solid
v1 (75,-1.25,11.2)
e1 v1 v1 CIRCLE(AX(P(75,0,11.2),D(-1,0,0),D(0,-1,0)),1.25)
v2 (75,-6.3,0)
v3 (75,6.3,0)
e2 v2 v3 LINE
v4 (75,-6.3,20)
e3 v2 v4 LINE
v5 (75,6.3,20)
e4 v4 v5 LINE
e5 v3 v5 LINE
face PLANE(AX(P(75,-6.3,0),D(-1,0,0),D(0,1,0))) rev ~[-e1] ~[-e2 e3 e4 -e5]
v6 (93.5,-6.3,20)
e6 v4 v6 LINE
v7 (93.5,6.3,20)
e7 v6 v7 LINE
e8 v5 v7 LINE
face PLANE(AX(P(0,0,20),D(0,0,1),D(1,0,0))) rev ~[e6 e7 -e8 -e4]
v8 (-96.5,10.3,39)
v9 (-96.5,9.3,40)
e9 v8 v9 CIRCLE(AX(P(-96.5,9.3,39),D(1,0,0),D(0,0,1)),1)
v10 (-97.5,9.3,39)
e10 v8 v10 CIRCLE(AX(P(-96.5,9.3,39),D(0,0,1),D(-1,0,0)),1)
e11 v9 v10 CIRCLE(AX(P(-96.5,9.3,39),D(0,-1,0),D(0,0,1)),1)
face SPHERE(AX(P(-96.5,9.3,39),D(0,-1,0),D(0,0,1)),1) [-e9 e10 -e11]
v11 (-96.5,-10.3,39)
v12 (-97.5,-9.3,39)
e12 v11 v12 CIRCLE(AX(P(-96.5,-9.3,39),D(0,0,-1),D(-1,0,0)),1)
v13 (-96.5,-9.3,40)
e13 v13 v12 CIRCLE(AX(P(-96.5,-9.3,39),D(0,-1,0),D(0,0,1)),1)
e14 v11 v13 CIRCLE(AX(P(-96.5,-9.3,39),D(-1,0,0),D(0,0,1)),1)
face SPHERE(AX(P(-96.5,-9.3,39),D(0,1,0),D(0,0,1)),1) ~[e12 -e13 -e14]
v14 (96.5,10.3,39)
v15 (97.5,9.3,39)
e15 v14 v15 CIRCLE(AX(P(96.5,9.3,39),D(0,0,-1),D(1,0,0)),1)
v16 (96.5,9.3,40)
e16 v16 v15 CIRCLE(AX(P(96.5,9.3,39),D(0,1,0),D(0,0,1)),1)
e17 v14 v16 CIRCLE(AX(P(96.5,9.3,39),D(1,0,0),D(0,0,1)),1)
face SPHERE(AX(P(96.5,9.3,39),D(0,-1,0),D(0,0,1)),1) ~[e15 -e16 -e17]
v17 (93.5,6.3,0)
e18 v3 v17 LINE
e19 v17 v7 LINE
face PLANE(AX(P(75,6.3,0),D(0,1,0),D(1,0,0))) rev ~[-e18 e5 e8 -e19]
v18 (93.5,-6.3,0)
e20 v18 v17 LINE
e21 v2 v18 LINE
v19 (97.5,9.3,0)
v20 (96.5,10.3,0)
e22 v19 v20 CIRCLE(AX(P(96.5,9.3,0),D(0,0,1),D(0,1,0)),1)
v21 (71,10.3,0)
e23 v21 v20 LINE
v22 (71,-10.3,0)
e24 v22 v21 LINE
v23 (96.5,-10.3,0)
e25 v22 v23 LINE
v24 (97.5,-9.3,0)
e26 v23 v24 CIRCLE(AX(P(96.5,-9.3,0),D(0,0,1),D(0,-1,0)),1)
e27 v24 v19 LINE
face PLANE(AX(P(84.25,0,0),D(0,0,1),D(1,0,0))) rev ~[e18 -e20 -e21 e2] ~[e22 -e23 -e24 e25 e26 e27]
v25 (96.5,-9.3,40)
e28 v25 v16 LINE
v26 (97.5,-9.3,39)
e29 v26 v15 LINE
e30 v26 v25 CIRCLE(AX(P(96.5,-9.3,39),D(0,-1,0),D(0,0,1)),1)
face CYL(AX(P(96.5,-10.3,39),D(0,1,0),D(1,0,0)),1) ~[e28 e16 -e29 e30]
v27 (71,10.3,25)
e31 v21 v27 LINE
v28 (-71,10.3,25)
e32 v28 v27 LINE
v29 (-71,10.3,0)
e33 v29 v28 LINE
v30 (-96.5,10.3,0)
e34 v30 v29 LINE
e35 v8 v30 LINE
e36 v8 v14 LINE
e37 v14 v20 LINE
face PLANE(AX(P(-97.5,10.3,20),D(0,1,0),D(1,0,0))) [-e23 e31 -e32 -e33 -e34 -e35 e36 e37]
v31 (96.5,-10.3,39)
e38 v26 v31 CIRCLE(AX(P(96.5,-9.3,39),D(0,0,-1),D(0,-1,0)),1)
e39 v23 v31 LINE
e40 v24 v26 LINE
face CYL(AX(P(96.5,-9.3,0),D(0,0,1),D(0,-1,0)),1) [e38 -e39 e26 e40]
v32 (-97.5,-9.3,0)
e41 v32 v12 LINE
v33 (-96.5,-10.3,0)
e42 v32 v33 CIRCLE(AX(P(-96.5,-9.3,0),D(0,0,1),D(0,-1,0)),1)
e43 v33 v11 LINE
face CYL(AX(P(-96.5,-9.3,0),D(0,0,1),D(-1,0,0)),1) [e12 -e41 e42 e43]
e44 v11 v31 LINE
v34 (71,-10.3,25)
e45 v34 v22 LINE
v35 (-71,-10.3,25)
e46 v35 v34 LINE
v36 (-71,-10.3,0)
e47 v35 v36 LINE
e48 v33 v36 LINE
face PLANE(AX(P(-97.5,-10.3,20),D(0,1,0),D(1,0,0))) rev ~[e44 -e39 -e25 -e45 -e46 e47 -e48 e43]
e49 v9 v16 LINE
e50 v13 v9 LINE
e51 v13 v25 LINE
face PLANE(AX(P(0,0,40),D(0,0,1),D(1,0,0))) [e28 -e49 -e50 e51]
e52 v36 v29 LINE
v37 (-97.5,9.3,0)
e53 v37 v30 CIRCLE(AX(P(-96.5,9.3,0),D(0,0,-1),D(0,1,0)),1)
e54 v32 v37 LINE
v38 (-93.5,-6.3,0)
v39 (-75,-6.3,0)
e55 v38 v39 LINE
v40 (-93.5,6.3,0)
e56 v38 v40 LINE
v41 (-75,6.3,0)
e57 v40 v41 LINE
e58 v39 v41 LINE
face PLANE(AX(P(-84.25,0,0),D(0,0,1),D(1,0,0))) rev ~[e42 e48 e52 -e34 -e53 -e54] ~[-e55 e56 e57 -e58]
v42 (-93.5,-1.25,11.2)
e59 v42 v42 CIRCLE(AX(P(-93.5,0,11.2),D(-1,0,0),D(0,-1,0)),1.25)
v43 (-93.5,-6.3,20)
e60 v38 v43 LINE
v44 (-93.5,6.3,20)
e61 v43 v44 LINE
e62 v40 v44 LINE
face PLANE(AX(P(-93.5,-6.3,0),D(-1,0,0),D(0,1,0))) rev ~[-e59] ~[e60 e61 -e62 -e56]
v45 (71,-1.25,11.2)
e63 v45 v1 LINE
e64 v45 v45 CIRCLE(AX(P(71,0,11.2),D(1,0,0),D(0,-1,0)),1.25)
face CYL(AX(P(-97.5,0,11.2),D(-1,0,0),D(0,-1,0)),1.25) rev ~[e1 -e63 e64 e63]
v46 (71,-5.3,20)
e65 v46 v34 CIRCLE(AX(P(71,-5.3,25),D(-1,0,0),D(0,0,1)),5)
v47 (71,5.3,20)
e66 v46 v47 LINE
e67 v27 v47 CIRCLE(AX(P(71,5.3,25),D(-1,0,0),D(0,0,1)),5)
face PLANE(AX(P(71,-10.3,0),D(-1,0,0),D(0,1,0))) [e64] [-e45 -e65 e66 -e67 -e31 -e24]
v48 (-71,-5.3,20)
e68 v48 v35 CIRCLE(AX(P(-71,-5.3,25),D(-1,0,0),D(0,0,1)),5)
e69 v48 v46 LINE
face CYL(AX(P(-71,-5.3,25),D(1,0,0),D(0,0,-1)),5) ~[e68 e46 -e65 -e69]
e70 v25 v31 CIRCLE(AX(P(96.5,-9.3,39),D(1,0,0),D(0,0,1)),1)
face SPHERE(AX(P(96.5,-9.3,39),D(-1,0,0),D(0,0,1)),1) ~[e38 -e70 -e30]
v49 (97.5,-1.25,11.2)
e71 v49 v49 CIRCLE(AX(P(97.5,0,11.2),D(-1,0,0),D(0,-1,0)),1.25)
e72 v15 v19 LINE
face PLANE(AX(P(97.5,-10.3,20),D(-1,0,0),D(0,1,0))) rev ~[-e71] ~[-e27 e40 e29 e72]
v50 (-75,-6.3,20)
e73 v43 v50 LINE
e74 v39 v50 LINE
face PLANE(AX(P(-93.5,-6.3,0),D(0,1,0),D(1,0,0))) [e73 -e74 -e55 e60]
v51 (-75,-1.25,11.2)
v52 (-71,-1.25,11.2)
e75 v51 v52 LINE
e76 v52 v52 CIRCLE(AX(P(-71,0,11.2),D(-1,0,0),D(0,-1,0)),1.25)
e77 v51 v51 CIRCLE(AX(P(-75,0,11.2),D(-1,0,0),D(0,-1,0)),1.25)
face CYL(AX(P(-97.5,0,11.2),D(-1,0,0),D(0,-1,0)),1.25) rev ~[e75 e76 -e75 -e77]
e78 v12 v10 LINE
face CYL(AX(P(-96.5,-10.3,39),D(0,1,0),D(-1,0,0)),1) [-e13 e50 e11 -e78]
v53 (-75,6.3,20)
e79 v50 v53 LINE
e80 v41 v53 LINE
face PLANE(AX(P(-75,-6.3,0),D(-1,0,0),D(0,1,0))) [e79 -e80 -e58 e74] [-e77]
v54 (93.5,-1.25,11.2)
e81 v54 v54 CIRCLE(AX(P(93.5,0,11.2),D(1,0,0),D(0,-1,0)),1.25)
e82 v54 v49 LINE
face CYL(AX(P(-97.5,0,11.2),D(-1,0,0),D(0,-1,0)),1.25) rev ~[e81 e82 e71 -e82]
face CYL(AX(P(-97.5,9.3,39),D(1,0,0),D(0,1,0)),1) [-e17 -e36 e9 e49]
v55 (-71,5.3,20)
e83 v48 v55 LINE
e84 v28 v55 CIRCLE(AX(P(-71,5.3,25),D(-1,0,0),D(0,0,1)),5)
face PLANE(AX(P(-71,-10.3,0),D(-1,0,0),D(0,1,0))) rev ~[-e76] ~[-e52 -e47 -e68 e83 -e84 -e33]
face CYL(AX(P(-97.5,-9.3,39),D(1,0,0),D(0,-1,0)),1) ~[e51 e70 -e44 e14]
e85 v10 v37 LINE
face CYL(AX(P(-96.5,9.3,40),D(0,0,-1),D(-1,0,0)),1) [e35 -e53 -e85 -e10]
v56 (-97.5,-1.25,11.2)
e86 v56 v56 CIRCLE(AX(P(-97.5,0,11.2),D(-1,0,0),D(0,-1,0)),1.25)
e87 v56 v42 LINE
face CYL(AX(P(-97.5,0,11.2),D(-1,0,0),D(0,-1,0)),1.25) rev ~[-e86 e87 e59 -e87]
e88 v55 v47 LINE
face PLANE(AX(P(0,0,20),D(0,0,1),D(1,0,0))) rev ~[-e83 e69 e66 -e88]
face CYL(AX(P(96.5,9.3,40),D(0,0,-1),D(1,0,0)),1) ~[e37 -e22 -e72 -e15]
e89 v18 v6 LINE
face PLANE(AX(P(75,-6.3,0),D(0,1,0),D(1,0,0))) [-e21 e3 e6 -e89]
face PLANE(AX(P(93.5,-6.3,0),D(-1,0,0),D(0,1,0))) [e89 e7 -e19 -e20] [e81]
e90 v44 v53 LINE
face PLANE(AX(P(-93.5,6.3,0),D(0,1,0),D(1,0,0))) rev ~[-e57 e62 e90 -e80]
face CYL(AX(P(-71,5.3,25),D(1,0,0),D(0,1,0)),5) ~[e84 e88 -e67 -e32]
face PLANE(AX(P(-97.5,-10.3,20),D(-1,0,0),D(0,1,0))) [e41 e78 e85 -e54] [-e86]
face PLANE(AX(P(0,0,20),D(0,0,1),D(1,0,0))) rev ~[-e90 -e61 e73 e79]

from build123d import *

# Parameters (mm, degrees)
F0_W     = 26.5
F0_H     = 20.6
F0_W_2   = 18.5
F0_H_2   = 12.6
F1_DEPTH = 20
F2_W     = 195
F2_H     = 20.6
F3_DEPTH = 20
F4_R     = 1
F5_R     = 1.25
F6_DEPTH = 2000
F7_R     = 1.25
F8_DEPTH = 100
F9_R     = 5


with BuildPart() as f1:
    # F0 (on Top) → F1 (new body)
    with BuildSketch(Plane.XY):
        with Locations((-84.25, 0)):
            Rectangle(F0_W, F0_H)
        with Locations((-84.25, 0)):
            Rectangle(F0_W_2, F0_H_2, mode=Mode.SUBTRACT)
    extrude(amount=F1_DEPTH)



with BuildPart() as f1b:
    # F0 (on Top) → F1, piece 2 (new body)
    with BuildSketch(Plane.XY):
        with Locations((84.25, 0)):
            Rectangle(F0_W, F0_H)
        with Locations((84.25, 0)):
            Rectangle(F0_W_2, F0_H_2, mode=Mode.SUBTRACT)
    extrude(amount=F1_DEPTH)


with BuildPart() as f1_1:
    add(f1.part)

    add(f1b.part)  # F3 merges F1b
    # F2 (on face) → F3 (join)
    with BuildSketch(Plane.XY.offset(20)):
        Rectangle(F2_W, F2_H)
    extrude(amount=F3_DEPTH)

    # F4
    f4_edges = [f1_1.edges().sort_by_distance(p)[0] for p in [
        (-97.5, 0, 40),
        (0, -10.3, 40),
        (97.5, 0, 40),
        (0, 10.3, 40),
        (-97.5, -10.3, 20),
        (97.5, -10.3, 20),
        (97.5, 10.3, 20),
        (-97.5, 10.3, 20),
    ]]
    fillet(f4_edges, radius=F4_R)

    # F5 (on face) → F6 (cut)
    with BuildSketch(Plane(origin=(-97.5, 0, 0), x_dir=(0, -1, 0), z_dir=(-1, 0, 0))):
        with Locations((0, 11.2)):
            Circle(F5_R)
    extrude(amount=-F6_DEPTH, mode=Mode.SUBTRACT)

    # F7 (on face) → F8 (cut)
    with BuildSketch(Plane.YZ.offset(97.5)):
        with Locations((0, 11.2)):
            Circle(F7_R)
    extrude(amount=-F8_DEPTH, mode=Mode.SUBTRACT)

    # F9
    f9_edges = [f1_1.edges().sort_by_distance(p)[0] for p in [
        (0, 10.3, 20),
        (0, -10.3, 20),
    ]]
    fillet(f9_edges, radius=F9_R)


solid = f1_1.part
